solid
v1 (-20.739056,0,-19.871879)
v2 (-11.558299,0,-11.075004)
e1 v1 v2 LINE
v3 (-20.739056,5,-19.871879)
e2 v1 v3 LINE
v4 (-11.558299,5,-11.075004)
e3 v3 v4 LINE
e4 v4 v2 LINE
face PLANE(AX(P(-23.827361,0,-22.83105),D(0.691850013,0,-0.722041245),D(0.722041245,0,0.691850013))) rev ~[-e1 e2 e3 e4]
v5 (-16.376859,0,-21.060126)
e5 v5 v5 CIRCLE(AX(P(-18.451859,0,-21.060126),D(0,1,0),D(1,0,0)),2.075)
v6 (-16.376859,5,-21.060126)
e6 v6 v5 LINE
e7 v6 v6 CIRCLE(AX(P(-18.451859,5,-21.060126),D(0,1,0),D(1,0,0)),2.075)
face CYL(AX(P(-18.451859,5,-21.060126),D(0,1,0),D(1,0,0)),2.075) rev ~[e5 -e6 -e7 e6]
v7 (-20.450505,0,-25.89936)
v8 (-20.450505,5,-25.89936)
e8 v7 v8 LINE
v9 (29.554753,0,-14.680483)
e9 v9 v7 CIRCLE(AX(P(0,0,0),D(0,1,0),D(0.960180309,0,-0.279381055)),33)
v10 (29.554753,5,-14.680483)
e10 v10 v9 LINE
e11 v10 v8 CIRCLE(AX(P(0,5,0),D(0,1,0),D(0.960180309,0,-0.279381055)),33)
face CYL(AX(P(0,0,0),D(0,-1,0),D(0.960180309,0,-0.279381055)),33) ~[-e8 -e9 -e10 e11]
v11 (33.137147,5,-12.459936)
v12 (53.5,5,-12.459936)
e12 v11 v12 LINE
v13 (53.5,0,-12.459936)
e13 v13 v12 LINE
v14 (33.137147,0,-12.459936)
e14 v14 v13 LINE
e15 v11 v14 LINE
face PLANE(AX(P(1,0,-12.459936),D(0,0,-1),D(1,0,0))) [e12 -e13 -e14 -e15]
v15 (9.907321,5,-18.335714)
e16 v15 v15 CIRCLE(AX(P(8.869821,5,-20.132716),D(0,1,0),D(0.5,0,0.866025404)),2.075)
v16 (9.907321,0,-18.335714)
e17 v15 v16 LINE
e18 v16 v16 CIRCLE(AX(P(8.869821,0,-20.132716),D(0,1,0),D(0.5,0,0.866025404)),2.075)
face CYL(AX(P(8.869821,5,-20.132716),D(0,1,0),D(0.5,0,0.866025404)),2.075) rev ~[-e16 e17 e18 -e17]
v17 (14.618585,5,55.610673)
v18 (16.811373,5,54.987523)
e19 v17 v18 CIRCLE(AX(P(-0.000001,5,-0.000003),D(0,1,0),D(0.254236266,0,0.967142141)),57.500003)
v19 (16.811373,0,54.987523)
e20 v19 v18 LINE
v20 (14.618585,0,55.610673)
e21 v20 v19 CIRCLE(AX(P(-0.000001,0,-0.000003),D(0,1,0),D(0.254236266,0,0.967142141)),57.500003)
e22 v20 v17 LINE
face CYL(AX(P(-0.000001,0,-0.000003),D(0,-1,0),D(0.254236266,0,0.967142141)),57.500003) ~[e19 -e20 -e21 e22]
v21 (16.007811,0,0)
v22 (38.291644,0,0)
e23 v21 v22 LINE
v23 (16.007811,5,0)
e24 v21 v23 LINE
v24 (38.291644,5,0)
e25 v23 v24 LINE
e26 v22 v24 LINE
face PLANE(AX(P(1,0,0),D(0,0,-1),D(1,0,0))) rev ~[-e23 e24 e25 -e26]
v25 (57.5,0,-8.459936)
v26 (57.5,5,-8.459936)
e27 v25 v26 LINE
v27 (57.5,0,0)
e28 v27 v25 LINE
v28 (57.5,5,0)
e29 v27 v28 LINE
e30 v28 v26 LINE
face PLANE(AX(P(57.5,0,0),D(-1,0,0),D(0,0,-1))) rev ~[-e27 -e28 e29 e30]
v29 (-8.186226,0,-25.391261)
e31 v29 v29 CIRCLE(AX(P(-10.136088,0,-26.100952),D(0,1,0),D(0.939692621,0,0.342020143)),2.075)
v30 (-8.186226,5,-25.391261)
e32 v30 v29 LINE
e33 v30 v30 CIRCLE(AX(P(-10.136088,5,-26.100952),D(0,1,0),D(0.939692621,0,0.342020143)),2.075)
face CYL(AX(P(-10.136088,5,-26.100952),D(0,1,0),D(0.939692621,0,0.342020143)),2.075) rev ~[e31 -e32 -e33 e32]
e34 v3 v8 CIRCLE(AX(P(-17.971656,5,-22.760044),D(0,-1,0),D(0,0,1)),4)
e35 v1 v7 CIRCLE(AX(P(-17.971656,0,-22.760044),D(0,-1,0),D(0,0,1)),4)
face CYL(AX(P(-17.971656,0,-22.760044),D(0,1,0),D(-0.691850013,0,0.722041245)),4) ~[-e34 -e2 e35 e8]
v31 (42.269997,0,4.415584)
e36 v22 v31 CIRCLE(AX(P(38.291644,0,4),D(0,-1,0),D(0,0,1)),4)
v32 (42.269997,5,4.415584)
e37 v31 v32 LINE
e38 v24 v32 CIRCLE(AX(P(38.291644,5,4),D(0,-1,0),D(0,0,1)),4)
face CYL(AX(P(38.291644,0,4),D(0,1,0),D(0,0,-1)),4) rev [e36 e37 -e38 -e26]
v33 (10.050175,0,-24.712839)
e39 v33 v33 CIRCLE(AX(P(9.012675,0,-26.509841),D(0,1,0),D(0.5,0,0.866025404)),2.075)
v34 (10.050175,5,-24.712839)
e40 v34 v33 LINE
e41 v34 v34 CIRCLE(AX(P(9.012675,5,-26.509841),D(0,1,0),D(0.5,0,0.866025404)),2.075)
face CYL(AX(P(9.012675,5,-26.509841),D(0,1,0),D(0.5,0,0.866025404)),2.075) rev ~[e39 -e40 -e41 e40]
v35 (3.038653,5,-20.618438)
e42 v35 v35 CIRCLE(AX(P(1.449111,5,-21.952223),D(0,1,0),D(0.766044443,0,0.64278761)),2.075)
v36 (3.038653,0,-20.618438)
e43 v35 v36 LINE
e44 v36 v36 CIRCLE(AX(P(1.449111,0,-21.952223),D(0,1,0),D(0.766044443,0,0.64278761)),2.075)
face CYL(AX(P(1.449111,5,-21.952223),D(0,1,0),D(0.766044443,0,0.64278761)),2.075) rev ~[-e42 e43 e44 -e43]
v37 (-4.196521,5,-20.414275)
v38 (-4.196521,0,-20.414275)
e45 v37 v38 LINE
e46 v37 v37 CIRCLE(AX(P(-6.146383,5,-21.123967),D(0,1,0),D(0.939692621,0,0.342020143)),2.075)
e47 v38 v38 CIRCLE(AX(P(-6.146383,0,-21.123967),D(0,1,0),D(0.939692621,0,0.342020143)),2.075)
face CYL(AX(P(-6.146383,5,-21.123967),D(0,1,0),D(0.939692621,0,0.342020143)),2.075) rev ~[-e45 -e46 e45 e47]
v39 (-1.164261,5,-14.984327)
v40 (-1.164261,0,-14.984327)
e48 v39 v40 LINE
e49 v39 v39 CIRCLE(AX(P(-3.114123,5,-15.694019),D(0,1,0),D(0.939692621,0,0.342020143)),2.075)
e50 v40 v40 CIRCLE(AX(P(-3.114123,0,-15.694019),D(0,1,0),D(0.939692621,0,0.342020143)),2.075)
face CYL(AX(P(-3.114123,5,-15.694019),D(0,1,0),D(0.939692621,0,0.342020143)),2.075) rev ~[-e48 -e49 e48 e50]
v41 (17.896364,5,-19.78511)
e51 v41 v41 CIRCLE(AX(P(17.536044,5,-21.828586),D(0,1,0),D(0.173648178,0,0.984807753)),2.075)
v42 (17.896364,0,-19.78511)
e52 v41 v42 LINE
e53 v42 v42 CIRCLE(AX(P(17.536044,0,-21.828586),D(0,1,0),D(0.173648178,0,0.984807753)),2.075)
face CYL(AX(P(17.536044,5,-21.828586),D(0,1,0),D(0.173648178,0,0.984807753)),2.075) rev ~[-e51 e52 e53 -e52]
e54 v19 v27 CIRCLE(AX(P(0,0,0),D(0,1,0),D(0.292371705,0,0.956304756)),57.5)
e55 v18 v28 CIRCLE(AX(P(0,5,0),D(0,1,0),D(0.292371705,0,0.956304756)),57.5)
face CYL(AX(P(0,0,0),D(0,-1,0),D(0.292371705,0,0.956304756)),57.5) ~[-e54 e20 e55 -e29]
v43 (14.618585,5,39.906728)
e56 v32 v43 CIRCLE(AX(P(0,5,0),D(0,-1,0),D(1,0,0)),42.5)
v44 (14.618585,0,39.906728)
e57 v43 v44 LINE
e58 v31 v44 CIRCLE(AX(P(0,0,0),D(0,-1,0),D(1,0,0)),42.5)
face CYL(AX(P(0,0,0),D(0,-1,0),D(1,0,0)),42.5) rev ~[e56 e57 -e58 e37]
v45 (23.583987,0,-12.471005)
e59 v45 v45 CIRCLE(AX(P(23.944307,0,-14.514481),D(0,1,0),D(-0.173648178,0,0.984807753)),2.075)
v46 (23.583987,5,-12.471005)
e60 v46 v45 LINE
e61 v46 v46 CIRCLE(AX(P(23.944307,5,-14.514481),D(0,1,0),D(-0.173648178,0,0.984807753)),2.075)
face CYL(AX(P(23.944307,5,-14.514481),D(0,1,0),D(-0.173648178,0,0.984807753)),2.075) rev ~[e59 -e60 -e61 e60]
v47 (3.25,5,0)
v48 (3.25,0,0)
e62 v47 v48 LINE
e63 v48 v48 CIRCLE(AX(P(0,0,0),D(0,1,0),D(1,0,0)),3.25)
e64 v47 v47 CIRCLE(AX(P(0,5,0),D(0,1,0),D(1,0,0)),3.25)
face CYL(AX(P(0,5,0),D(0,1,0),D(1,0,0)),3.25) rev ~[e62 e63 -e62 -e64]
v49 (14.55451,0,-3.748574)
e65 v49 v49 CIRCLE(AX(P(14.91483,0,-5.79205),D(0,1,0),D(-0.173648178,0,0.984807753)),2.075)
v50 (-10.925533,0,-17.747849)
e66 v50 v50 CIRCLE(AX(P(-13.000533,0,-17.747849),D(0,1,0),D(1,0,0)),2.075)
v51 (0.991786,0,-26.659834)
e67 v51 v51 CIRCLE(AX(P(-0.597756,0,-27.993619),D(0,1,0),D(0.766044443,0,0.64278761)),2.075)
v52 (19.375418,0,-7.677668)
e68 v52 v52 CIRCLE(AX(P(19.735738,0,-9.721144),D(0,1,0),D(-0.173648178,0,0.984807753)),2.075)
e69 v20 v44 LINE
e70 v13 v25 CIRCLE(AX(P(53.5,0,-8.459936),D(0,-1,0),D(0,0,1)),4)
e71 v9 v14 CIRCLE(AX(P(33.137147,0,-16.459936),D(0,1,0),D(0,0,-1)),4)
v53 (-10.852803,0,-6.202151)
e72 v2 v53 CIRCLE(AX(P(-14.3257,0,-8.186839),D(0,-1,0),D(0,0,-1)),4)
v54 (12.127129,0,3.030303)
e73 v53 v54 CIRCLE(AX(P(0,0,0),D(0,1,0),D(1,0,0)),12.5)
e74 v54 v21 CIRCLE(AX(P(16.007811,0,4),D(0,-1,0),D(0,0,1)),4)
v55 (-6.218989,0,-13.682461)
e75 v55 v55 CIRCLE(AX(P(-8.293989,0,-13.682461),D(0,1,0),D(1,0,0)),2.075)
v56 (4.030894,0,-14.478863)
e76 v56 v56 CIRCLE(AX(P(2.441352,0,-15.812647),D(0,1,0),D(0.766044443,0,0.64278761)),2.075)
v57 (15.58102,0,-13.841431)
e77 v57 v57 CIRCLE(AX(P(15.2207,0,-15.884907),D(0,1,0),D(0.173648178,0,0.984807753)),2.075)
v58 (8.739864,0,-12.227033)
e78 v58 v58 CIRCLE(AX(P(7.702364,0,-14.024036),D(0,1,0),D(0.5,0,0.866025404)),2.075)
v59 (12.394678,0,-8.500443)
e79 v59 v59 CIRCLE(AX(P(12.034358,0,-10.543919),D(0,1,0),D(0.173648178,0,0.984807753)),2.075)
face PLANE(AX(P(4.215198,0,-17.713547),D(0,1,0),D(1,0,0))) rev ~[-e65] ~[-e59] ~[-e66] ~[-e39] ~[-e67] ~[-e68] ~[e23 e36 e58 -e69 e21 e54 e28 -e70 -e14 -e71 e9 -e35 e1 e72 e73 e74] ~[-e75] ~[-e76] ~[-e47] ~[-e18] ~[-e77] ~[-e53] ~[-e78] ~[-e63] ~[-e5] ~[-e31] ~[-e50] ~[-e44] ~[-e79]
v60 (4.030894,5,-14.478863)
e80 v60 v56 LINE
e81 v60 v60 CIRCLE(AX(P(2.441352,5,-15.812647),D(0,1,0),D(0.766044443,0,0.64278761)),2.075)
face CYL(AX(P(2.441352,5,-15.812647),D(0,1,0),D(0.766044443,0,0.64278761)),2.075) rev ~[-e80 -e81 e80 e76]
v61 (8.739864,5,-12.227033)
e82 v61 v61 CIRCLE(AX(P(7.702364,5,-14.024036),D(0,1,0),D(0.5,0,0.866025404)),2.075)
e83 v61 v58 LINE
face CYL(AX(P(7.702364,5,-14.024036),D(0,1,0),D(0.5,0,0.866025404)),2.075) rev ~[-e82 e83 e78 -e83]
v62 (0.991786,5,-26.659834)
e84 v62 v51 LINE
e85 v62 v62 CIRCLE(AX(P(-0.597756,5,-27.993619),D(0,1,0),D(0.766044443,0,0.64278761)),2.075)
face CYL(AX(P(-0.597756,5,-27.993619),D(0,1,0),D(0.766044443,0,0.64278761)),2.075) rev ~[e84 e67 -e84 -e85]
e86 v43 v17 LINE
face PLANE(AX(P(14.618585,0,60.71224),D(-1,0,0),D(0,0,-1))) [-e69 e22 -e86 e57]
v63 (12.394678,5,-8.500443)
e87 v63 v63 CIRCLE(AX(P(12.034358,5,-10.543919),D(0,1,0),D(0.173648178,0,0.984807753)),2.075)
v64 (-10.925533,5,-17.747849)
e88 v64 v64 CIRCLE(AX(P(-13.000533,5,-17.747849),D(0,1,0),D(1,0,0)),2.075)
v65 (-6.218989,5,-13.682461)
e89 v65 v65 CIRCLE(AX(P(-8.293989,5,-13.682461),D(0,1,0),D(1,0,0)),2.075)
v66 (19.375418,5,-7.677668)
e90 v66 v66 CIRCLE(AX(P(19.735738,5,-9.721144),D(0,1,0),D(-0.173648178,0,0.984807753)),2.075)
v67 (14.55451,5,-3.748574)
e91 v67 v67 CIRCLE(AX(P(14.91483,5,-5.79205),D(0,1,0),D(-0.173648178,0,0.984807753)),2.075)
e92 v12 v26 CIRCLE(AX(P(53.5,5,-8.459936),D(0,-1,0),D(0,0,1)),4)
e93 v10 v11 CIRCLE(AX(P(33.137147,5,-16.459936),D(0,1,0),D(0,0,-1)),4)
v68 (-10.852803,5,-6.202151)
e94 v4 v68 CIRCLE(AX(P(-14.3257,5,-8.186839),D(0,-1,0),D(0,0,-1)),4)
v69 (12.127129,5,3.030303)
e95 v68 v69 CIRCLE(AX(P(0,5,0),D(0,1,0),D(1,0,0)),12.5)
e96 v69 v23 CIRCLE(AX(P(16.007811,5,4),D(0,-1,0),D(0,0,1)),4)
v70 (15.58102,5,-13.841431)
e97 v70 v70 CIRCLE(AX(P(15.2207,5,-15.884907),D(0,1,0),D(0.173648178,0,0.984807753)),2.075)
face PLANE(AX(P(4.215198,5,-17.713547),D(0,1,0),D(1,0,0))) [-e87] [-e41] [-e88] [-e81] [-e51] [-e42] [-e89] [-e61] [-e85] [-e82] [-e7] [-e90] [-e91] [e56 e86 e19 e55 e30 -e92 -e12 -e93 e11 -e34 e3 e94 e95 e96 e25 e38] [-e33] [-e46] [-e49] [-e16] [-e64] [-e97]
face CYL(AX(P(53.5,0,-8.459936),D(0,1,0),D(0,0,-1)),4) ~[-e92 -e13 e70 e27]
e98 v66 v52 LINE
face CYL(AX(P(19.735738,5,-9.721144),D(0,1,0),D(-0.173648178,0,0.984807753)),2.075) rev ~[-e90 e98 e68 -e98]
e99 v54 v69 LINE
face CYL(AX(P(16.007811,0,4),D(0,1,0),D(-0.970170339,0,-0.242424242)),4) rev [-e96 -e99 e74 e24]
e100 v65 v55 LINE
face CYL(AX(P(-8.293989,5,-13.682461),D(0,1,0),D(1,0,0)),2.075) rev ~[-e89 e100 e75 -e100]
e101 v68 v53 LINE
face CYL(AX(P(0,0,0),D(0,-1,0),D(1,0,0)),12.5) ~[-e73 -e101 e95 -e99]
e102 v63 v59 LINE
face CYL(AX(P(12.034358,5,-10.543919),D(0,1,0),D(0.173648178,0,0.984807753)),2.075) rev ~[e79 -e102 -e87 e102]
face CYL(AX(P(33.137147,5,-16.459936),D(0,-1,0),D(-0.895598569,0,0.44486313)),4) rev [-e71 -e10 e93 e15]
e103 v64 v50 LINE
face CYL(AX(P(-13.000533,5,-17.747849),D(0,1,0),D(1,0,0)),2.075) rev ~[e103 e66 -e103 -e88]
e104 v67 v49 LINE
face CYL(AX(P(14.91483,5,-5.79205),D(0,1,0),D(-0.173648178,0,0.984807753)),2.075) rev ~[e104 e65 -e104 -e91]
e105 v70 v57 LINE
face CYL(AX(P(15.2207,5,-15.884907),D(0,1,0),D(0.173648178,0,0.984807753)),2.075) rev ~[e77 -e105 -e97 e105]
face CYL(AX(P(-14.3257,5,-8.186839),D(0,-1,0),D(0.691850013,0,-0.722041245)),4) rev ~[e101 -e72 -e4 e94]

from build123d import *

# Parameters (mm, degrees)
SKETCH1_R               = 12.5
BOSS_EXTRUDE1_DEPTH     = 5
EXTRUDE_THIN1_DEPTH     = 5
SKETCH6_W               = 56.5
SKETCH6_H               = 12.459935794
BOSS_EXTRUDE3_DEPTH     = 5
SKETCH7_R               = 3.25
CUT_EXTRUDE3_DEPTH      = 1
CUT_EXTRUDE3_DEPTH_BACK = 6
BOSS_EXTRUDE4_DEPTH     = 5
SKETCH9_4_W             = 9.626496109
SKETCH9_4_H             = 23.122525611
CUT_EXTRUDE5_DEPTH      = 6
BOSS_EXTRUDE5_DEPTH     = 5
SKETCH11_R              = 2.075
CUT_EXTRUDE6_DEPTH      = 6
SKETCH12_R              = 2.075
CUT_EXTRUDE7_DEPTH      = 6
SKETCH13_R              = 2.075
CUT_EXTRUDE8_DEPTH      = 6
CIRPATTERN1_COUNT       = 6
CIRPATTERN1_ANGLE       = 100
CIRPATTERN2_COUNT       = 6
CIRPATTERN2_ANGLE       = 100
CIRPATTERN3_COUNT       = 6
CIRPATTERN3_ANGLE       = 100
FILLET2_R               = 4


with BuildPart() as part:
    # Sketch1 → Boss-Extrude1 (new body)
    with BuildSketch(Plane(origin=(0, 0, 0), x_dir=(1, 0, 0), z_dir=(0, 1, 0))):
        Circle(SKETCH1_R)
    extrude(amount=BOSS_EXTRUDE1_DEPTH)



with BuildPart() as body_2:
    # Sketch4 → Extrude-Thin1 (new body)
    with BuildSketch(Plane(origin=(0, 0, 0), x_dir=(1, 0, 0), z_dir=(0, 1, 0))):
        with BuildLine():
            ThreePointArc((16.811373022, -54.987523468), (46.221769485, -34.202310238), (57.5, 0))
            Line((57.5, 0), (42.5, 0))
            ThreePointArc((42.5, 0), (34.163916576, -25.279968437), (12.425797451, -40.642952128))
            Line((12.425797451, -40.642952128), (16.811373022, -54.987523468))
        make_face()
    extrude(amount=EXTRUDE_THIN1_DEPTH)


with BuildPart() as part_1:
    add(part.part)

    add(body_2.part)  # Boss-Extrude3 merges body 2
    # Sketch6 → Boss-Extrude3 (add)
    with BuildSketch(Plane(origin=(0, 0, 0), x_dir=(1, 0, 0), z_dir=(0, 1, 0))):
        with Locations((29.25, 6.229967897)):
            Rectangle(SKETCH6_W, SKETCH6_H)
    extrude(amount=BOSS_EXTRUDE3_DEPTH)

    # Sketch7 → Cut-Extrude3 (cut, two sides)
    with BuildSketch(Plane(origin=(0, 5, 0), x_dir=(1, 0, 0), z_dir=(0, 1, 0))) as cut_extrude3_sk:
        Circle(SKETCH7_R)
    extrude(amount=CUT_EXTRUDE3_DEPTH, mode=Mode.SUBTRACT)
    extrude(cut_extrude3_sk.sketch, amount=-CUT_EXTRUDE3_DEPTH_BACK, mode=Mode.SUBTRACT)

    # Sketch9 → Boss-Extrude4 (add)
    with BuildSketch(Plane(origin=(0, 0, 0), x_dir=(1, 0, 0), z_dir=(0, 1, 0))):
        with BuildLine():
            Line((16.811373022, -54.987523468), (14.618585236, -47.815237798))
            Line((14.618585236, -47.815237798), (14.618585236, -55.610673128))
            ThreePointArc((14.618585236, -55.610673128), (15.718067562, -55.309966119), (16.811373022, -54.987523468))
        make_face()
        with BuildLine():
            Line((14.618585236, -47.815237798), (12.425797451, -40.642952128))
            Line((12.425797451, -40.642952128), (11.862973877, -56.262952738))
            ThreePointArc((11.862973877, -56.262952738), (13.244795598, -55.953779046), (14.618585236, -55.610673128))
            Line((14.618585236, -55.610673128), (14.618585236, -47.815237798))
        make_face()
    extrude(amount=BOSS_EXTRUDE4_DEPTH)

    # Sketch9<4> → Cut-Extrude5 (cut, through all)
    with BuildSketch(Plane(origin=(0, 0, 0), x_dir=(1, 0, 0), z_dir=(0, 1, 0))):
        with Locations((9.805337182, -49.150976699)):
            Rectangle(SKETCH9_4_W, SKETCH9_4_H)
    extrude(amount=CUT_EXTRUDE5_DEPTH, mode=Mode.SUBTRACT)

    # Sketch10 → Boss-Extrude5 (add)
    with BuildSketch(Plane(origin=(0, 0, 0), x_dir=(1, 0, 0), z_dir=(0, 1, 0))):
        with BuildLine():
            Line((-23.827361095, 22.831050419), (-5.931209267, 5.683203326))
            Line((-5.931209267, 5.683203326), (19.532104398, 5.683203326))
            Line((19.532104398, 5.683203326), (31.685950206, 9.219574804))
            ThreePointArc((31.685950206, 9.219574804), (7.85858911, 32.050625223), (-23.827361095, 22.831050419))
        make_face()
    extrude(amount=BOSS_EXTRUDE5_DEPTH)

    # Sketch11 → Cut-Extrude6 (cut, through all)
    with BuildSketch(Plane(origin=(0, 5, 0), x_dir=(1, 0, 0), z_dir=(0, 1, 0))):
        with Locations((-8.29398923, 13.682461133)):
            Circle(SKETCH11_R)
    cut_extrude6 = extrude(amount=-CUT_EXTRUDE6_DEPTH, mode=Mode.SUBTRACT)

    # Sketch12 → Cut-Extrude7 (cut, through all)
    with BuildSketch(Plane(origin=(0, 5, 0), x_dir=(1, 0, 0), z_dir=(0, 1, 0))):
        with Locations((-13.000533094, 17.747848863)):
            Circle(SKETCH12_R)
    cut_extrude7 = extrude(amount=-CUT_EXTRUDE7_DEPTH, mode=Mode.SUBTRACT)

    # Sketch13 → Cut-Extrude8 (cut, through all)
    with BuildSketch(Plane(origin=(0, 5, 0), x_dir=(1, 0, 0), z_dir=(0, 1, 0))):
        with Locations((-18.451858843, 21.060125955)):
            Circle(SKETCH13_R)
    cut_extrude8 = extrude(amount=-CUT_EXTRUDE8_DEPTH, mode=Mode.SUBTRACT)

    # CirPattern1: Cut-Extrude6 ×6 about axis
    cirpattern1_axis = Axis((0, 0, 0), (0, -1, 0))
    for i in range(1, CIRPATTERN1_COUNT):
        add(cut_extrude6.rotate(cirpattern1_axis, i * CIRPATTERN1_ANGLE / (CIRPATTERN1_COUNT - 1)), mode=Mode.SUBTRACT)

    # CirPattern2: Cut-Extrude7 ×6 about axis
    cirpattern2_axis = Axis((0, 0, 0), (0, -1, 0))
    for i in range(1, CIRPATTERN2_COUNT):
        add(cut_extrude7.rotate(cirpattern2_axis, i * CIRPATTERN2_ANGLE / (CIRPATTERN2_COUNT - 1)), mode=Mode.SUBTRACT)

    # CirPattern3: Cut-Extrude8 ×6 about axis
    cirpattern3_axis = Axis((0, 0, 0), (0, -1, 0))
    for i in range(1, CIRPATTERN3_COUNT):
        add(cut_extrude8.rotate(cirpattern3_axis, i * CIRPATTERN3_ANGLE / (CIRPATTERN3_COUNT - 1)), mode=Mode.SUBTRACT)

    # Fillet2
    fillet2_edges = [part_1.edges().sort_by_distance(p)[0] for p in [
        (42.5, 2.5, 0),
        (30.557323181, 2.5, -12.459935794),
        (-9.025515566, 2.5, -8.648125159),
        (-23.827361095, 2.5, -22.831050419),
        (12.5, 2.5, 0),
        (57.5, 2.5, -12.459935794),
    ]]
    fillet(fillet2_edges, radius=FILLET2_R)


solid = part_1.part
